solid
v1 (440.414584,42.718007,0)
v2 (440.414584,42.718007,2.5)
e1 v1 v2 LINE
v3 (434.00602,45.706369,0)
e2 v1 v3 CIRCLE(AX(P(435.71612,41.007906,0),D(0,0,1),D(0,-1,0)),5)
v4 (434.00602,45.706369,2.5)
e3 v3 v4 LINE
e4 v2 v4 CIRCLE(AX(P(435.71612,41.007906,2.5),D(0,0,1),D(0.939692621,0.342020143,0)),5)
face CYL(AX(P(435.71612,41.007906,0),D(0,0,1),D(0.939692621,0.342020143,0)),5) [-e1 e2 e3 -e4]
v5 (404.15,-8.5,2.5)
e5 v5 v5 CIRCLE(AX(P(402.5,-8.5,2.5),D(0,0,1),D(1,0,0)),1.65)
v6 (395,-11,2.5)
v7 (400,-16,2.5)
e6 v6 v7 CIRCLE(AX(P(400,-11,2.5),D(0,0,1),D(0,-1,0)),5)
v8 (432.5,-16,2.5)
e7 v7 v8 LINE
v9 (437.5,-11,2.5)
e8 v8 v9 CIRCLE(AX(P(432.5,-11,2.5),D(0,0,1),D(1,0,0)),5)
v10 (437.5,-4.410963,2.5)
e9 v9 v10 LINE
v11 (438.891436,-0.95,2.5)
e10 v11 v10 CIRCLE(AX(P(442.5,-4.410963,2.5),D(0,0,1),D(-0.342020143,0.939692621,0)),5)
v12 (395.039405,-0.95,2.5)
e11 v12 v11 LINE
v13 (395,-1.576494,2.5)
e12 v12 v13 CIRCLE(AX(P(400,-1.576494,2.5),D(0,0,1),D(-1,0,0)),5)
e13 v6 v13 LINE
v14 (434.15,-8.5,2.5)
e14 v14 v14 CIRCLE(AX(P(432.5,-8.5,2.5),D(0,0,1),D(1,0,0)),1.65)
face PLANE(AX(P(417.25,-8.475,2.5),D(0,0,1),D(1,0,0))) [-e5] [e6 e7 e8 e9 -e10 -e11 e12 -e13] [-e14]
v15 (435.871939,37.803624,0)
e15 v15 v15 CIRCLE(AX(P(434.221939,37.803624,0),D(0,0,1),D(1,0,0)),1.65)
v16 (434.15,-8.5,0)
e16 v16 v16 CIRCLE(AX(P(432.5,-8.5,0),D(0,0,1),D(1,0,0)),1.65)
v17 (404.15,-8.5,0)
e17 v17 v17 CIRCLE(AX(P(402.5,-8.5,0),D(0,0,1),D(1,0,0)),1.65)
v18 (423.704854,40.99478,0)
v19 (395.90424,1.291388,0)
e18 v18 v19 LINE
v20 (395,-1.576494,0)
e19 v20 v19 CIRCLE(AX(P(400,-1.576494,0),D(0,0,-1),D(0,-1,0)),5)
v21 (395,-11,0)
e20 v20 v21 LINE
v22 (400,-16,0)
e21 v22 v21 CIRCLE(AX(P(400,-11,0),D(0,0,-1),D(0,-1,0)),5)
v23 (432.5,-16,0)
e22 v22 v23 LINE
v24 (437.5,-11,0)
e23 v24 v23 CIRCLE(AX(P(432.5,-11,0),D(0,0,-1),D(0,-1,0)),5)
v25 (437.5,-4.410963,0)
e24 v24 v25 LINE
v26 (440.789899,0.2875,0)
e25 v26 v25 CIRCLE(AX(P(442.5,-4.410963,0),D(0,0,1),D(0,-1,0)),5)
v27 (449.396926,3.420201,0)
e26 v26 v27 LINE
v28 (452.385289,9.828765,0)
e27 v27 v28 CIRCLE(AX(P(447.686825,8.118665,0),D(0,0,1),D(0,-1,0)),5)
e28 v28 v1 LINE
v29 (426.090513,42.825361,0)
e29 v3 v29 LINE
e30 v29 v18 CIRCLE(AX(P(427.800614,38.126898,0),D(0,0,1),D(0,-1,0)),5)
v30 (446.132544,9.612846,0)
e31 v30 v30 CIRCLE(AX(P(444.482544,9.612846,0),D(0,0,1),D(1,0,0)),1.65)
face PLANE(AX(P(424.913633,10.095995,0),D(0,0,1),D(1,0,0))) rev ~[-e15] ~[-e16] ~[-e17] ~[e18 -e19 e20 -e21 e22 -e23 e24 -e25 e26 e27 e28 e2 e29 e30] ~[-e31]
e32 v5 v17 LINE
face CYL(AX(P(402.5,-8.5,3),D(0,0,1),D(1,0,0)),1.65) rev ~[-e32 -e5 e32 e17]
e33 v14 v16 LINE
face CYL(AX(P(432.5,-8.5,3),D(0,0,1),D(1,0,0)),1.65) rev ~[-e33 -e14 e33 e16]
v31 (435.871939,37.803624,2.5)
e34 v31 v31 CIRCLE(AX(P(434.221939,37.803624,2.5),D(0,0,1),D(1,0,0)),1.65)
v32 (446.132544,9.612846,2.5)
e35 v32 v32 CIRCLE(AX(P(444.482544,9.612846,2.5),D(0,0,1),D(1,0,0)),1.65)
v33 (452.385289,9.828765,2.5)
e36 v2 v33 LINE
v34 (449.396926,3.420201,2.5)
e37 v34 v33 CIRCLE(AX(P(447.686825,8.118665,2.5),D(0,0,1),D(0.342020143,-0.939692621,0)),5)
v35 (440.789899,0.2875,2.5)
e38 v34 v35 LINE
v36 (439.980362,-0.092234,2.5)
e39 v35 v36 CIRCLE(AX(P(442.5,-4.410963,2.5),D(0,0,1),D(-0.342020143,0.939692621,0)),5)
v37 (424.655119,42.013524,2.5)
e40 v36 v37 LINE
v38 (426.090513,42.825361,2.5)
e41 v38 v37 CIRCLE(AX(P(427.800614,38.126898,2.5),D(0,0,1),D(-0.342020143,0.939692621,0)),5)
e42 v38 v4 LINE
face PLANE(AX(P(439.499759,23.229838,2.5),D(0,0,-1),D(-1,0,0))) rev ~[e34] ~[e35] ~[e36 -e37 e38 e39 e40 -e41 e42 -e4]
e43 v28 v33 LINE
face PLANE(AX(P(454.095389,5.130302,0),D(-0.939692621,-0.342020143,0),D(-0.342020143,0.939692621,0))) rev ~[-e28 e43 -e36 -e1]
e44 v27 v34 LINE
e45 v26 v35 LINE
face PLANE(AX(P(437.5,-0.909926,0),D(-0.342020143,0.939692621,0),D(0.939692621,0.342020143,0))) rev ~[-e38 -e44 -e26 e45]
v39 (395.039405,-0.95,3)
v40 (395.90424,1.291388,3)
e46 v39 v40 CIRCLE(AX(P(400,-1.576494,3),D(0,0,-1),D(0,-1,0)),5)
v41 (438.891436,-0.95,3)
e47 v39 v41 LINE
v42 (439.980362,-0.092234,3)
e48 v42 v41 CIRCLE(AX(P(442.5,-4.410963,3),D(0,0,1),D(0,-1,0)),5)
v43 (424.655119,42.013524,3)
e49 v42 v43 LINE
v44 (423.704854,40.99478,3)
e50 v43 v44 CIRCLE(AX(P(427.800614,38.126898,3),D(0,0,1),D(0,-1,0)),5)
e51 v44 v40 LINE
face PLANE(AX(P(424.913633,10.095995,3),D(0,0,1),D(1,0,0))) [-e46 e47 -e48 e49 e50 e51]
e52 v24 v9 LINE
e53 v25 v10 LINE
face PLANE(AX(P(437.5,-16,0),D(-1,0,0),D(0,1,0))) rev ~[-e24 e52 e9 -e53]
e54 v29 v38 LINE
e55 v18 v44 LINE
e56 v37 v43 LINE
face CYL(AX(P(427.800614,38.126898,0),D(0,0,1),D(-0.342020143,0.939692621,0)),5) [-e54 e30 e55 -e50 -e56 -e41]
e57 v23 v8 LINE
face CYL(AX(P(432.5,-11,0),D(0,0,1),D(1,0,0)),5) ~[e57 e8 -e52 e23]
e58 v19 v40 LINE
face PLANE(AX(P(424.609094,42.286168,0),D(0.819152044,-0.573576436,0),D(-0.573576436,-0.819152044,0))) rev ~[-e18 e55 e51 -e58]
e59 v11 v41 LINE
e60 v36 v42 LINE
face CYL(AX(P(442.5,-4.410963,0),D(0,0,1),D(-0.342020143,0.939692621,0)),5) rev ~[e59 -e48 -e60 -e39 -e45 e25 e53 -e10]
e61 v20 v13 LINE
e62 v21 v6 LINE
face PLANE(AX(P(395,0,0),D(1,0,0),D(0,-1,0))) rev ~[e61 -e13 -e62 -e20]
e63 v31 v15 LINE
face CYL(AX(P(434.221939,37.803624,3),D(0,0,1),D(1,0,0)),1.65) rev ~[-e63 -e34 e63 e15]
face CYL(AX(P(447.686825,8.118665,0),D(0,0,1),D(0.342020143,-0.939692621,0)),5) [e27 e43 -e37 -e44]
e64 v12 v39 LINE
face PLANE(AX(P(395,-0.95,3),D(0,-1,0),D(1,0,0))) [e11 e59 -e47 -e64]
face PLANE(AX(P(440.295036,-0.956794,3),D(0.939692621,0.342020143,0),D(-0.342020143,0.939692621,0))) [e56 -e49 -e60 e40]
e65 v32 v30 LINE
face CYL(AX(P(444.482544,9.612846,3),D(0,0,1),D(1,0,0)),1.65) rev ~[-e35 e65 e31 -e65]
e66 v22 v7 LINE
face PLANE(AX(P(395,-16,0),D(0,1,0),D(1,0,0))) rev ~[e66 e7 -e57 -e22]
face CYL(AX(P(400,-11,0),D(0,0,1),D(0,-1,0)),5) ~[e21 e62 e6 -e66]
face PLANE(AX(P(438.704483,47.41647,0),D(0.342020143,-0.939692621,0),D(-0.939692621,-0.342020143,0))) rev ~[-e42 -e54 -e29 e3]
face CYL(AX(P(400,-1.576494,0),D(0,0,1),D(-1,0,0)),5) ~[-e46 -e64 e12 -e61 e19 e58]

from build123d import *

# Parameters (mm, degrees)
EXTRUDE_1_DEPTH     = 3
SKETCH_2_R          = 1.65
CUT_EXTRUDE_1_DEPTH = 3
FILLET_1_R          = 5
SKETCH_4_W          = 44.5
SKETCH_4_H          = 15.05
CUT_EXTRUDE_2_DEPTH = 0.5


with BuildPart() as part:
    # ｽｹｯﾁ1 → ﾎﾞｽ - 押し出し1 (new body)
    with BuildSketch(Plane.XY):
        Polygon((437.5, -0.909925586), (454.095389312, 5.13030215), (438.704482862, 47.416470085), (424.60909355, 42.286167935), (395, 0), (395, -16), (437.5, -16), align=None)
    extrude(amount=EXTRUDE_1_DEPTH)

    # ｽｹｯﾁ2 → ｶｯﾄ - 押し出し1 (cut)
    with BuildSketch(Plane.XY.offset(3)):
        with Locations((402.5, -8.5)):
            Circle(SKETCH_2_R)
        with Locations((432.5, -8.5)):
            Circle(SKETCH_2_R)
        with Locations((434.221939281, 37.803624354)):
            Circle(SKETCH_2_R)
        with Locations((444.482543581, 9.612845731)):
            Circle(SKETCH_2_R)
    extrude(amount=-CUT_EXTRUDE_1_DEPTH, mode=Mode.SUBTRACT)

    # ﾌｨﾚｯﾄ1
    fillet_1_edges = [part.edges().sort_by_distance(p)[0] for p in [
        (437.5, -16, 1.5),
        (395, -16, 1.5),
        (395, 0, 1.5),
        (424.60909355, 42.286167935, 1.5),
        (438.704482862, 47.416470085, 1.5),
        (454.095389312, 5.13030215, 1.5),
        (437.5, -0.909925586, 1.5),
    ]]
    fillet(fillet_1_edges, radius=FILLET_1_R)

    # ｽｹｯﾁ4 → ｶｯﾄ - 押し出し2 (cut)
    with BuildSketch(Plane.XY.offset(3)):
        Polygon((438.704482862, 47.416470085), (454.437409455, 4.190609529), (440.295035512, -0.956793628), (424.562108919, 42.269066928), align=None)
        with Locations((417.25, -8.475)):
            Rectangle(SKETCH_4_W, SKETCH_4_H)
    extrude(amount=-CUT_EXTRUDE_2_DEPTH, mode=Mode.SUBTRACT)


solid = part.part
